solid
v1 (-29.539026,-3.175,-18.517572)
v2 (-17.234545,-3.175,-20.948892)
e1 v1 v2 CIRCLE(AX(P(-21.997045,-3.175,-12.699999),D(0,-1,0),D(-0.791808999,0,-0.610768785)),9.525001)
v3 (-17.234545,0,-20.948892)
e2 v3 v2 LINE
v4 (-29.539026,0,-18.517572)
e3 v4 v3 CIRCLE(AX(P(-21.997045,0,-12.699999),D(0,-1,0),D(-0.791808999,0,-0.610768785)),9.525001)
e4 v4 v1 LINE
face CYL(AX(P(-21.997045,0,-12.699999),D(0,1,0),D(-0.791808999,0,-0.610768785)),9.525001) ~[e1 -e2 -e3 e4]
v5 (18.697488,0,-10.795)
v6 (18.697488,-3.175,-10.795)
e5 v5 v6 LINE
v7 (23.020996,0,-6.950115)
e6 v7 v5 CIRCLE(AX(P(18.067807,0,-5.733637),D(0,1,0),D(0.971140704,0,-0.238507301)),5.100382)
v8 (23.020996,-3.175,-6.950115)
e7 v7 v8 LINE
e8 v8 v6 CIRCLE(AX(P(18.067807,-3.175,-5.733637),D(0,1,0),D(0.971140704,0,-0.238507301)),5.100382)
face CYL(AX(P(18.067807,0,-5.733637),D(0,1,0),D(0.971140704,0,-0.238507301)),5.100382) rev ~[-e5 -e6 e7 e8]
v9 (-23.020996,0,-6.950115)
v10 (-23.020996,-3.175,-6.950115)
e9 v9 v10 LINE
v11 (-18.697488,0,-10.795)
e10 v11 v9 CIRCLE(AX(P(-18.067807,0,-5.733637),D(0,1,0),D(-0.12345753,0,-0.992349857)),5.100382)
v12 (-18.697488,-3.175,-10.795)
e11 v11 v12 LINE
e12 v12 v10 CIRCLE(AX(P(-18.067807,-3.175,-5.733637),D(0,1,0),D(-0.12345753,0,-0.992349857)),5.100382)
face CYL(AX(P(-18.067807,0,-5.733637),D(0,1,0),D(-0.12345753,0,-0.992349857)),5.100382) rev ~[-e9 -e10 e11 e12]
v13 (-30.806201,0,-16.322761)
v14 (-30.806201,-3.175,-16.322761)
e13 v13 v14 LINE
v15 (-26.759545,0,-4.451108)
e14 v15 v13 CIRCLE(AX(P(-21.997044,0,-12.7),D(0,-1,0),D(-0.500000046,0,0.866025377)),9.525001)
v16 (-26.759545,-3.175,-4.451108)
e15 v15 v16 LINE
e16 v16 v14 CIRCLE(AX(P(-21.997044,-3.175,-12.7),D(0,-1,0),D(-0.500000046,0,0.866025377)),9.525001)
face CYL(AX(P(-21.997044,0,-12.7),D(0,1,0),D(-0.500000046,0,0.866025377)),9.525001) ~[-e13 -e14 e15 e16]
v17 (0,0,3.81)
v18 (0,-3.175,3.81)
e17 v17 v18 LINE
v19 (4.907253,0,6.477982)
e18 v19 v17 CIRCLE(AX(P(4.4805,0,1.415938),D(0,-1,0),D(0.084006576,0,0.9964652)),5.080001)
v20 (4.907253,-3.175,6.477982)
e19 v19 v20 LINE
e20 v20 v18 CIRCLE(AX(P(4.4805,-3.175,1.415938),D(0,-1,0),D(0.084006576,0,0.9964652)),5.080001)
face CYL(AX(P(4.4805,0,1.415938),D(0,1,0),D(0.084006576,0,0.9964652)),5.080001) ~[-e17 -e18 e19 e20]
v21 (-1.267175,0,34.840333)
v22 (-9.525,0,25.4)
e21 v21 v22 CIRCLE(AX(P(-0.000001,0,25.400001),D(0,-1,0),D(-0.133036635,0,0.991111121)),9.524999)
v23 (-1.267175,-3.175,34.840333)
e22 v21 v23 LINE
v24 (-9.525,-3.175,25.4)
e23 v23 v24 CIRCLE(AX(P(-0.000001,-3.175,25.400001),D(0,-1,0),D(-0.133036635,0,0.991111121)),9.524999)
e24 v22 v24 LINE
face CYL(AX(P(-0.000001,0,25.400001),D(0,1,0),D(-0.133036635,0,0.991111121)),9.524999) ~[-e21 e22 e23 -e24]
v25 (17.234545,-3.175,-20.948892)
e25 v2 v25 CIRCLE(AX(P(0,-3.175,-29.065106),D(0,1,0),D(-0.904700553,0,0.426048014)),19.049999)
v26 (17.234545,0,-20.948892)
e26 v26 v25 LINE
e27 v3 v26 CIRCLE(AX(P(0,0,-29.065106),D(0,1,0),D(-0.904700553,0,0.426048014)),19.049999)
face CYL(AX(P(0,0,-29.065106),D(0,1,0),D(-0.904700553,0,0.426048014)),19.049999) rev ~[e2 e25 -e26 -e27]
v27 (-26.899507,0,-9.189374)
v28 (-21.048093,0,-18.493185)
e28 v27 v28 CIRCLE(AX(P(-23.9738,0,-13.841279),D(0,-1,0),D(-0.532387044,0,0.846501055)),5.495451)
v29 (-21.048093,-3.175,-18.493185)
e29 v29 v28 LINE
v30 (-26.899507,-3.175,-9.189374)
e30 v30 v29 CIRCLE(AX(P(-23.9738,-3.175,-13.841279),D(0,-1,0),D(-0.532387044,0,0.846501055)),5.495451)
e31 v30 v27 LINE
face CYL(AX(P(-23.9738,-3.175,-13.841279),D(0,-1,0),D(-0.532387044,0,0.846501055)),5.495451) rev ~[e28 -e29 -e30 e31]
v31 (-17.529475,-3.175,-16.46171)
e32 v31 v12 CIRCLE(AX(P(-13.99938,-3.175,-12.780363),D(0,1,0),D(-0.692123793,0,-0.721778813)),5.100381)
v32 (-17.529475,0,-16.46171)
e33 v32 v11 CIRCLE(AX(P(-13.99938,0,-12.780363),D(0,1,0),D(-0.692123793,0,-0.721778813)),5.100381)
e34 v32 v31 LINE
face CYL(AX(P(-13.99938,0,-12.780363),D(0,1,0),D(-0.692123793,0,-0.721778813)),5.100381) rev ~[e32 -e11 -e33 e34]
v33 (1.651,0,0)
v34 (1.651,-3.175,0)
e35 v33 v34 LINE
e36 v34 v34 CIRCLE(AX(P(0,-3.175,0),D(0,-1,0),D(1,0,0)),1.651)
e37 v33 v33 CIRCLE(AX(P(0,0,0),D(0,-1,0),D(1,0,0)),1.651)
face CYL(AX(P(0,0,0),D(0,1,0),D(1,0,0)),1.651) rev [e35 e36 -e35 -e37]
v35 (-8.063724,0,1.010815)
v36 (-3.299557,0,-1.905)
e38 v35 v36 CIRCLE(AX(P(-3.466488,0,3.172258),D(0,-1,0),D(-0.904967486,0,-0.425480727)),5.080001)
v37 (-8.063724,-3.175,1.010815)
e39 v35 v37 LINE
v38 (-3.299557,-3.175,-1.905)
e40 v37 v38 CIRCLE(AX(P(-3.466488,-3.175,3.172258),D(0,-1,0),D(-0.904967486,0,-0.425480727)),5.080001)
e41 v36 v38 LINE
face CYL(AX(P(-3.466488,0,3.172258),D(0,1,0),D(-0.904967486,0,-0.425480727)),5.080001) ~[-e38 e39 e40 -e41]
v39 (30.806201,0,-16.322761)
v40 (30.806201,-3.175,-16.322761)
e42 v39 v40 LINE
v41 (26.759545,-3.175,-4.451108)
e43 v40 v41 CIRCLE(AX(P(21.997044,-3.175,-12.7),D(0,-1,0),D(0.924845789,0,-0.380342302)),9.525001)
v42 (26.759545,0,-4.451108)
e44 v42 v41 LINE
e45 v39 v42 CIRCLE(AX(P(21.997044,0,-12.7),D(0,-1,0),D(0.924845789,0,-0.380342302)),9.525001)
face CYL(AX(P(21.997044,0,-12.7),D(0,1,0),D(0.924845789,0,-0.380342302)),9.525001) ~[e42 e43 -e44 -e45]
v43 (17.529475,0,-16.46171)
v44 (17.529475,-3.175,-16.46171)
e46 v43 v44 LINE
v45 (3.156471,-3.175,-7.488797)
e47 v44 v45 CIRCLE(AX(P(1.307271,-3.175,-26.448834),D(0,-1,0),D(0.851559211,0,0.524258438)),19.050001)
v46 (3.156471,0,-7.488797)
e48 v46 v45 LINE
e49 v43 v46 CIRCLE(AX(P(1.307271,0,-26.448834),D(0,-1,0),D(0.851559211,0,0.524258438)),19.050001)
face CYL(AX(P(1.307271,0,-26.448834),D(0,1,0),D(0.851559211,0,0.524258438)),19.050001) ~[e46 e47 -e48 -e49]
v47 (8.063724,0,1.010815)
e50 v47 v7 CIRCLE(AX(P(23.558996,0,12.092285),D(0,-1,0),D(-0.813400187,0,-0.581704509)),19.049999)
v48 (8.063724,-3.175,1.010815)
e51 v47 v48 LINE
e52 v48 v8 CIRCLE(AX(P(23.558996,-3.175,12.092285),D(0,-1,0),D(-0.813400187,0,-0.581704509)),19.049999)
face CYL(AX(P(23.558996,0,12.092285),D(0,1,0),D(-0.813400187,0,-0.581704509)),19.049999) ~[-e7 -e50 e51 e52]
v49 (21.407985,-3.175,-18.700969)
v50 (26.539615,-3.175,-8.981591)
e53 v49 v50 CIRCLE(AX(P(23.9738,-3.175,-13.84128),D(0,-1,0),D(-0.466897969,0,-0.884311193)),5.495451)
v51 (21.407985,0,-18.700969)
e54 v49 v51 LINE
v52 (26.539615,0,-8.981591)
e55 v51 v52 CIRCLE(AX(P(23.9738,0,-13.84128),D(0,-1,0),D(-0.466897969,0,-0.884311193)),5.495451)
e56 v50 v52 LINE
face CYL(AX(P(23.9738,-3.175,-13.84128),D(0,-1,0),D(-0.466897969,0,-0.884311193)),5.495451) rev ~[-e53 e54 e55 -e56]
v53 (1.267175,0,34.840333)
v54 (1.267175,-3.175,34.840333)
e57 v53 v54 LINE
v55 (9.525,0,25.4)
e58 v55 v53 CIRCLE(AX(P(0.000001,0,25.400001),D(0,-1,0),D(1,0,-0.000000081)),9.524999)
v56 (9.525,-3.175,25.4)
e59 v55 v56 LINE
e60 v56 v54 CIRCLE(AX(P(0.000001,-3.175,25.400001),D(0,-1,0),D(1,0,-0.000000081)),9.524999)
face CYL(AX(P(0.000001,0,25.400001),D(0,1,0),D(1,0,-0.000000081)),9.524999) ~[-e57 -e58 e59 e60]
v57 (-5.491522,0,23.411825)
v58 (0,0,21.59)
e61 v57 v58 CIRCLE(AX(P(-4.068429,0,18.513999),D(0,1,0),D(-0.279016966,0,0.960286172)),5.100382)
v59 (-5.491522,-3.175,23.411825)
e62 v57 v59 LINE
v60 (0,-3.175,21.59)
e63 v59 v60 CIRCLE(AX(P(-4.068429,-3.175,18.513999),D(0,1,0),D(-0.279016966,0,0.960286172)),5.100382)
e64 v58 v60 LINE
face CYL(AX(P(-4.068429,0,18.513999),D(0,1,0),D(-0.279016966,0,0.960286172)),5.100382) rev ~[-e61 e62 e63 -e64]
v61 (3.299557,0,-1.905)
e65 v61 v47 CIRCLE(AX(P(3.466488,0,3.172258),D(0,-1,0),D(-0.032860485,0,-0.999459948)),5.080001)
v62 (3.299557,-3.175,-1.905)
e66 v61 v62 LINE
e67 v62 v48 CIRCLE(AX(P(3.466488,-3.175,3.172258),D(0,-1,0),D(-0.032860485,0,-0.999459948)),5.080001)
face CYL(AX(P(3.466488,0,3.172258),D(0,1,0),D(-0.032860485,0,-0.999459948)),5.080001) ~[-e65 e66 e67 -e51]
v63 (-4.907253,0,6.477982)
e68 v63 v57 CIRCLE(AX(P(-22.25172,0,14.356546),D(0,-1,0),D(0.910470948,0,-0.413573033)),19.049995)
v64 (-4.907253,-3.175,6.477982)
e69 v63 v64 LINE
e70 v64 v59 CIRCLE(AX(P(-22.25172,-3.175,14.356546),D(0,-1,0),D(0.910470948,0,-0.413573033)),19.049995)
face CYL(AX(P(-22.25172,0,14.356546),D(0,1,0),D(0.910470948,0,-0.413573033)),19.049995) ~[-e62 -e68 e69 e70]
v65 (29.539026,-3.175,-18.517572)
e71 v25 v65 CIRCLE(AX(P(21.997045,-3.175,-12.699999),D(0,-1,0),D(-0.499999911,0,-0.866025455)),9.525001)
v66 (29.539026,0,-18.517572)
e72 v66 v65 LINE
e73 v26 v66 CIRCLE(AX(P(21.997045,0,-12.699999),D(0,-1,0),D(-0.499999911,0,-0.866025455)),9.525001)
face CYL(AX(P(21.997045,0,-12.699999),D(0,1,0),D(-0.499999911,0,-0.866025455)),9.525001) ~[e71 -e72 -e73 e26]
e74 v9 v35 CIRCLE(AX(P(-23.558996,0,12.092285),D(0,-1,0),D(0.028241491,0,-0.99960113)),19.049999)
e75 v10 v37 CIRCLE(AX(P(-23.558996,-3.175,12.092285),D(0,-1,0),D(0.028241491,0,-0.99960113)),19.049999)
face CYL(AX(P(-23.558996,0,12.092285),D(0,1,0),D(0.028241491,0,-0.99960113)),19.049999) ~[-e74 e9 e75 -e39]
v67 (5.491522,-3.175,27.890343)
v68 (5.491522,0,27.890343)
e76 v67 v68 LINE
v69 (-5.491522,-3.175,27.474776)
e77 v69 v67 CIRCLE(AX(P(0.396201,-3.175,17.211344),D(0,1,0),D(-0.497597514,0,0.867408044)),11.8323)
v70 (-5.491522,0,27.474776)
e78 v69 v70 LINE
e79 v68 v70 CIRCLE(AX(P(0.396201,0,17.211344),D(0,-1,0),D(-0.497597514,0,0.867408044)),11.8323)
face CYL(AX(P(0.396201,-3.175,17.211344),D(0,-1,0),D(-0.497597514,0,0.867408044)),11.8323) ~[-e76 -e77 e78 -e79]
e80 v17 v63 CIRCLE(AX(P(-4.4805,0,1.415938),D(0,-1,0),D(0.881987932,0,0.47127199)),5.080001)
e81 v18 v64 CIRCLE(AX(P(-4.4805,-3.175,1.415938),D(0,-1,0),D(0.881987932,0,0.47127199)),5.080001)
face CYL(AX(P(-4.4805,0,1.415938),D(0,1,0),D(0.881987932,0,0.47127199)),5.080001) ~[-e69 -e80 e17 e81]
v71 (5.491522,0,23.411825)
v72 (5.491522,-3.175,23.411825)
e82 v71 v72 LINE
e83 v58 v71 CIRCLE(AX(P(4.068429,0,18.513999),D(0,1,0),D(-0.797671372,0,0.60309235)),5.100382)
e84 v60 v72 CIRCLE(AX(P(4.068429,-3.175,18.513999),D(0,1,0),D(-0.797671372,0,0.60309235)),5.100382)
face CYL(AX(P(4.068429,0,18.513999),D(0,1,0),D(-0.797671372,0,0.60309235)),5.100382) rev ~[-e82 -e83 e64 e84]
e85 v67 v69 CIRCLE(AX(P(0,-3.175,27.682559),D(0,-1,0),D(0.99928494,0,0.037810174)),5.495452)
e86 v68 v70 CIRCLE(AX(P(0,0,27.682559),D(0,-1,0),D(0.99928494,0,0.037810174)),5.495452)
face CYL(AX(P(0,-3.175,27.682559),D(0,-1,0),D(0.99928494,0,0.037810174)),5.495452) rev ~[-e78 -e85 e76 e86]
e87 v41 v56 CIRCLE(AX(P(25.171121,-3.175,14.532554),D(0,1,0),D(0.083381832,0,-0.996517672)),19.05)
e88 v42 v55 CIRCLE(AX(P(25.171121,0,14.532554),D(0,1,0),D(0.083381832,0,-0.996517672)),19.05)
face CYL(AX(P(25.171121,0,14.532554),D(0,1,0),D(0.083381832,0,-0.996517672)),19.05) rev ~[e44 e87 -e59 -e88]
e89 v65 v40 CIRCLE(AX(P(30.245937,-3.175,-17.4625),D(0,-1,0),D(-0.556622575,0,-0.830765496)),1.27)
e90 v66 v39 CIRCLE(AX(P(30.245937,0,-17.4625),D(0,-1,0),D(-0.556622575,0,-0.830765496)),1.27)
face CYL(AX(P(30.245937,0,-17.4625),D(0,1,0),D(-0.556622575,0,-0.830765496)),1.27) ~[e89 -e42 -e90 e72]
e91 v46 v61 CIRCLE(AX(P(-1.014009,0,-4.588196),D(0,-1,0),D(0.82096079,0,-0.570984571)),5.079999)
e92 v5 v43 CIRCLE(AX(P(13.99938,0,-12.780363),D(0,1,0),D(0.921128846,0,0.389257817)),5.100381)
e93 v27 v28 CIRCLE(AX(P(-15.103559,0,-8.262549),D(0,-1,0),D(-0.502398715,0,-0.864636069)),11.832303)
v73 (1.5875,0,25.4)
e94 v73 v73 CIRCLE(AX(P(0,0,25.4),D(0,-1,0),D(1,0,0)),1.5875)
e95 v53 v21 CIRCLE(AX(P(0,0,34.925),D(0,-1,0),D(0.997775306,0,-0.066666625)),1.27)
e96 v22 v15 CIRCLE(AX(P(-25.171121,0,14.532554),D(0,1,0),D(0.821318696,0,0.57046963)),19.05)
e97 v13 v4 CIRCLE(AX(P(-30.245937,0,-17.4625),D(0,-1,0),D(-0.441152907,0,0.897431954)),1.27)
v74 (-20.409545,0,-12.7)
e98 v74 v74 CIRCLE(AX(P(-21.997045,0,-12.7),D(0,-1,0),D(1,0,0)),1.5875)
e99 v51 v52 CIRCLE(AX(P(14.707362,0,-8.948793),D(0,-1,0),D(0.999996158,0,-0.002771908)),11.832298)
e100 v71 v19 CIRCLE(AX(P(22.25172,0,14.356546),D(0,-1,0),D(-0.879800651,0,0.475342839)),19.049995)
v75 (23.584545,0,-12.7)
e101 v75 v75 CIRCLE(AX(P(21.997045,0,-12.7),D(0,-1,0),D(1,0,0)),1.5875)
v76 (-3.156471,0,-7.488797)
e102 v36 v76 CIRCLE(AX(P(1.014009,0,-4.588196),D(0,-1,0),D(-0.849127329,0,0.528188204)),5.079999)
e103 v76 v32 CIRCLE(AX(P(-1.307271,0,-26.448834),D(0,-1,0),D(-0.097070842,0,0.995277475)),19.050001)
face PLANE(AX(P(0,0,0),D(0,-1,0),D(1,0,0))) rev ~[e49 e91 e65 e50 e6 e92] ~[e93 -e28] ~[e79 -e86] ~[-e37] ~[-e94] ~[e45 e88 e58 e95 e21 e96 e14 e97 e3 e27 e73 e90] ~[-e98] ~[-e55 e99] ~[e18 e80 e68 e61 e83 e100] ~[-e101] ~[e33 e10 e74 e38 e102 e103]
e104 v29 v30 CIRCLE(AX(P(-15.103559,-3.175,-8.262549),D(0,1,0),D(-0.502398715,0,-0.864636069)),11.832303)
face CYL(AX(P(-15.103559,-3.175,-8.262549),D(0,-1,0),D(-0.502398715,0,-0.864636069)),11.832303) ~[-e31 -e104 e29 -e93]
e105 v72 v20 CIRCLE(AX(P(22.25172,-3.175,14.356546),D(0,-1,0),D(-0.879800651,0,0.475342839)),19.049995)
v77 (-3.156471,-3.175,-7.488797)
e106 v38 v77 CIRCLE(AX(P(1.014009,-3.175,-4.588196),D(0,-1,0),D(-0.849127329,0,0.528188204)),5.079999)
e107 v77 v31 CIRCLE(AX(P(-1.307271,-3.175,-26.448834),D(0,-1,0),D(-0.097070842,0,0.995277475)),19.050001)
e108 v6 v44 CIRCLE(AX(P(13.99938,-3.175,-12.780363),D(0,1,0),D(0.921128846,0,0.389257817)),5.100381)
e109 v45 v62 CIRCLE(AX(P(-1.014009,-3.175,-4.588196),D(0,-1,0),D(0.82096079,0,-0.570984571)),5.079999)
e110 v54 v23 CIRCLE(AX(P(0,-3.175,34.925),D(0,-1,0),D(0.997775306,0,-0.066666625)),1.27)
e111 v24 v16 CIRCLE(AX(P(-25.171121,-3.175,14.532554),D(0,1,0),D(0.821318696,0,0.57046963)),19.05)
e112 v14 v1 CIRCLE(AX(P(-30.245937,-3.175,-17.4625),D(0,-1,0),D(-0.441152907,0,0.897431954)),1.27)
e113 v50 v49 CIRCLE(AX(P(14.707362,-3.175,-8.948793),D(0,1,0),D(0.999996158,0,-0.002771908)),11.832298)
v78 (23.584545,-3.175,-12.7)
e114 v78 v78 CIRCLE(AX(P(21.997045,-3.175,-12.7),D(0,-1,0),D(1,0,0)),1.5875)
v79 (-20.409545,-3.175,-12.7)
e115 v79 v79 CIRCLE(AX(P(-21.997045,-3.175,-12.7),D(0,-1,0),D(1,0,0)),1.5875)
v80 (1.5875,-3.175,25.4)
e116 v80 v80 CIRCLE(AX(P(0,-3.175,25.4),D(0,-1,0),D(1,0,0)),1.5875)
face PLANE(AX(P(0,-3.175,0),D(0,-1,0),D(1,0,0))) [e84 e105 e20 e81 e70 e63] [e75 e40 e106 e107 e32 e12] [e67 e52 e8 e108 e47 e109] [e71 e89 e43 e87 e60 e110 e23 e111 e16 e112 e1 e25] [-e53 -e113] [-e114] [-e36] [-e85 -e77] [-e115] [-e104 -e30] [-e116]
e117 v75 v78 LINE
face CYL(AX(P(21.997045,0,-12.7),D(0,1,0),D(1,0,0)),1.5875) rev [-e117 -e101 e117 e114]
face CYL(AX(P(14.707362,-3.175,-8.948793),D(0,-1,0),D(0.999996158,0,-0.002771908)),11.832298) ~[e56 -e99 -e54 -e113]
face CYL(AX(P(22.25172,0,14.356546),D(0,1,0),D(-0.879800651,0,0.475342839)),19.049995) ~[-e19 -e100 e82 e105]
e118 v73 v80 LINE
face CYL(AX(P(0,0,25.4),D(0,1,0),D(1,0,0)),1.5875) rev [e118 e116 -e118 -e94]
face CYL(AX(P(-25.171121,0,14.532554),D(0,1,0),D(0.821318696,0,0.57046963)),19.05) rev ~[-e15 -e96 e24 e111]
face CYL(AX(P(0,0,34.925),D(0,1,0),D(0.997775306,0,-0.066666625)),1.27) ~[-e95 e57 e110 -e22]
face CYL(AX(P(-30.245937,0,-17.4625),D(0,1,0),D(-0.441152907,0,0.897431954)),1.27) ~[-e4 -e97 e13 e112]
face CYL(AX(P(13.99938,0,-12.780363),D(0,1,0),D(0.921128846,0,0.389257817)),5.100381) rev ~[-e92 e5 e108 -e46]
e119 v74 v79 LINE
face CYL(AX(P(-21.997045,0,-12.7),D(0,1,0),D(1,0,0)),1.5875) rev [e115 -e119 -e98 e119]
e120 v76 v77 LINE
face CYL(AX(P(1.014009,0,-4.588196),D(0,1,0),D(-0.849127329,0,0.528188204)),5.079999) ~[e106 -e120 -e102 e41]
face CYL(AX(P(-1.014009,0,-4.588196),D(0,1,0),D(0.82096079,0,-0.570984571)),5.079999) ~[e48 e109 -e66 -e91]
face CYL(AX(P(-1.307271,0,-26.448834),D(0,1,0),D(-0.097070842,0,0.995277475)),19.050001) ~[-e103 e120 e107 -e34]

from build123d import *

# Parameters (mm, degrees)
F0_R     = 1.5875
F0_R_2   = 1.651
F1_DEPTH = 3.175
F3_DEPTH = 25.4


with BuildPart() as f1:
    # F0 (on Front) → F1 (new body)
    with BuildSketch(Plane.XZ):
        with BuildLine():
            ThreePointArc((26.759545, -4.451108), (8.673337, 5.007554), (9.525, 25.4))
            ThreePointArc((9.525, 25.4), (7.169221, 31.671196), (1.267175, 34.840333))
            ThreePointArc((1.267175, 34.840333), (0, 36.195), (-1.267175, 34.840333))
            ThreePointArc((-1.267175, 34.840333), (-7.169221, 31.671196), (-9.525, 25.4))
            ThreePointArc((-9.525, 25.4), (-8.673337, 5.007554), (-26.759545, -4.451108))
            ThreePointArc((-26.759545, -4.451108), (-31.01267, -9.62687), (-30.806201, -16.322761))
            ThreePointArc((-30.806201, -16.322761), (-31.345789, -18.0975), (-29.539026, -18.517572))
            ThreePointArc((-29.539026, -18.517572), (-23.843449, -22.044325), (-17.234545, -20.948892))
            ThreePointArc((-17.234545, -20.948892), (0, -10.015107), (17.234545, -20.948892))
            ThreePointArc((17.234545, -20.948892), (23.843449, -22.044325), (29.539026, -18.517572))
            ThreePointArc((29.539026, -18.517572), (31.345789, -18.0975), (30.806201, -16.322761))
            ThreePointArc((30.806201, -16.322761), (31.01267, -9.62687), (26.759545, -4.451108))
        make_face()
        with Locations((-21.997045, -12.7)):
            Circle(F0_R, mode=Mode.SUBTRACT)
        with BuildLine():
            ThreePointArc((-23.020996, -6.950115), (-14.608546, -4.724132), (-8.063724, 1.010815))
            ThreePointArc((-8.063724, 1.010815), (-6.118354, -1.160642), (-3.299557, -1.905))
            ThreePointArc((-3.299557, -1.905), (-4.064323, -4.718329), (-3.156471, -7.488797))
            ThreePointArc((-3.156471, -7.488797), (-11.395492, -10.289306), (-17.529475, -16.46171))
            ThreePointArc((-17.529475, -16.46171), (-18.994751, -13.810001), (-18.697488, -10.795))
            ThreePointArc((-18.697488, -10.795), (-21.457187, -9.544936), (-23.020996, -6.950115))
        make_face(mode=Mode.SUBTRACT)
        with BuildLine():
            ThreePointArc((17.529475, -16.46171), (11.395492, -10.289306), (3.156471, -7.488797))
            ThreePointArc((3.156471, -7.488797), (4.064323, -4.718329), (3.299557, -1.905))
            ThreePointArc((3.299557, -1.905), (6.118354, -1.160642), (8.063724, 1.010815))
            ThreePointArc((8.063724, 1.010815), (14.608546, -4.724132), (23.020996, -6.950115))
            ThreePointArc((23.020996, -6.950115), (21.457187, -9.544936), (18.697488, -10.795))
            ThreePointArc((18.697488, -10.795), (18.994751, -13.810001), (17.529475, -16.46171))
        make_face(mode=Mode.SUBTRACT)
        with Locations((21.997045, -12.7)):
            Circle(F0_R, mode=Mode.SUBTRACT)
        Circle(F0_R_2, mode=Mode.SUBTRACT)
        with BuildLine():
            ThreePointArc((0, 3.81), (-2.054032, 5.878971), (-4.907253, 6.477982))
            ThreePointArc((-4.907253, 6.477982), (-3.213054, 15.013438), (-5.491522, 23.411825))
            ThreePointArc((-5.491522, 23.411825), (-2.462436, 23.354937), (0, 21.59))
            ThreePointArc((0, 21.59), (2.462436, 23.354937), (5.491522, 23.411825))
            ThreePointArc((5.491522, 23.411825), (3.213054, 15.013438), (4.907253, 6.477982))
            ThreePointArc((4.907253, 6.477982), (2.054032, 5.878971), (0, 3.81))
        make_face(mode=Mode.SUBTRACT)
        with Locations((0, 25.4)):
            Circle(F0_R, mode=Mode.SUBTRACT)
    extrude(amount=F1_DEPTH)

    # F2 (on face) → F3 (cut)
    with BuildSketch(Plane.XZ.offset(3.175)):
        with BuildLine():
            ThreePointArc((-5.491522, 27.474776), (-0.051179, 29.035183), (5.491522, 27.890343))
            ThreePointArc((5.491522, 27.890343), (-0.207784, 33.174081), (-5.491522, 27.474776))
        make_face()
        with BuildLine():
            ThreePointArc((-21.048093, -18.493185), (-25.119616, -14.561914), (-26.899507, -9.189374))
            ThreePointArc((-26.899507, -9.189374), (-28.625705, -16.766987), (-21.048093, -18.493185))
        make_face()
        with BuildLine():
            ThreePointArc((26.539615, -8.981591), (25.170796, -14.473269), (21.407985, -18.700969))
            ThreePointArc((21.407985, -18.700969), (28.833489, -16.407095), (26.539615, -8.981591))
        make_face()
    extrude(amount=-F3_DEPTH, mode=Mode.SUBTRACT)


solid = f1.part
